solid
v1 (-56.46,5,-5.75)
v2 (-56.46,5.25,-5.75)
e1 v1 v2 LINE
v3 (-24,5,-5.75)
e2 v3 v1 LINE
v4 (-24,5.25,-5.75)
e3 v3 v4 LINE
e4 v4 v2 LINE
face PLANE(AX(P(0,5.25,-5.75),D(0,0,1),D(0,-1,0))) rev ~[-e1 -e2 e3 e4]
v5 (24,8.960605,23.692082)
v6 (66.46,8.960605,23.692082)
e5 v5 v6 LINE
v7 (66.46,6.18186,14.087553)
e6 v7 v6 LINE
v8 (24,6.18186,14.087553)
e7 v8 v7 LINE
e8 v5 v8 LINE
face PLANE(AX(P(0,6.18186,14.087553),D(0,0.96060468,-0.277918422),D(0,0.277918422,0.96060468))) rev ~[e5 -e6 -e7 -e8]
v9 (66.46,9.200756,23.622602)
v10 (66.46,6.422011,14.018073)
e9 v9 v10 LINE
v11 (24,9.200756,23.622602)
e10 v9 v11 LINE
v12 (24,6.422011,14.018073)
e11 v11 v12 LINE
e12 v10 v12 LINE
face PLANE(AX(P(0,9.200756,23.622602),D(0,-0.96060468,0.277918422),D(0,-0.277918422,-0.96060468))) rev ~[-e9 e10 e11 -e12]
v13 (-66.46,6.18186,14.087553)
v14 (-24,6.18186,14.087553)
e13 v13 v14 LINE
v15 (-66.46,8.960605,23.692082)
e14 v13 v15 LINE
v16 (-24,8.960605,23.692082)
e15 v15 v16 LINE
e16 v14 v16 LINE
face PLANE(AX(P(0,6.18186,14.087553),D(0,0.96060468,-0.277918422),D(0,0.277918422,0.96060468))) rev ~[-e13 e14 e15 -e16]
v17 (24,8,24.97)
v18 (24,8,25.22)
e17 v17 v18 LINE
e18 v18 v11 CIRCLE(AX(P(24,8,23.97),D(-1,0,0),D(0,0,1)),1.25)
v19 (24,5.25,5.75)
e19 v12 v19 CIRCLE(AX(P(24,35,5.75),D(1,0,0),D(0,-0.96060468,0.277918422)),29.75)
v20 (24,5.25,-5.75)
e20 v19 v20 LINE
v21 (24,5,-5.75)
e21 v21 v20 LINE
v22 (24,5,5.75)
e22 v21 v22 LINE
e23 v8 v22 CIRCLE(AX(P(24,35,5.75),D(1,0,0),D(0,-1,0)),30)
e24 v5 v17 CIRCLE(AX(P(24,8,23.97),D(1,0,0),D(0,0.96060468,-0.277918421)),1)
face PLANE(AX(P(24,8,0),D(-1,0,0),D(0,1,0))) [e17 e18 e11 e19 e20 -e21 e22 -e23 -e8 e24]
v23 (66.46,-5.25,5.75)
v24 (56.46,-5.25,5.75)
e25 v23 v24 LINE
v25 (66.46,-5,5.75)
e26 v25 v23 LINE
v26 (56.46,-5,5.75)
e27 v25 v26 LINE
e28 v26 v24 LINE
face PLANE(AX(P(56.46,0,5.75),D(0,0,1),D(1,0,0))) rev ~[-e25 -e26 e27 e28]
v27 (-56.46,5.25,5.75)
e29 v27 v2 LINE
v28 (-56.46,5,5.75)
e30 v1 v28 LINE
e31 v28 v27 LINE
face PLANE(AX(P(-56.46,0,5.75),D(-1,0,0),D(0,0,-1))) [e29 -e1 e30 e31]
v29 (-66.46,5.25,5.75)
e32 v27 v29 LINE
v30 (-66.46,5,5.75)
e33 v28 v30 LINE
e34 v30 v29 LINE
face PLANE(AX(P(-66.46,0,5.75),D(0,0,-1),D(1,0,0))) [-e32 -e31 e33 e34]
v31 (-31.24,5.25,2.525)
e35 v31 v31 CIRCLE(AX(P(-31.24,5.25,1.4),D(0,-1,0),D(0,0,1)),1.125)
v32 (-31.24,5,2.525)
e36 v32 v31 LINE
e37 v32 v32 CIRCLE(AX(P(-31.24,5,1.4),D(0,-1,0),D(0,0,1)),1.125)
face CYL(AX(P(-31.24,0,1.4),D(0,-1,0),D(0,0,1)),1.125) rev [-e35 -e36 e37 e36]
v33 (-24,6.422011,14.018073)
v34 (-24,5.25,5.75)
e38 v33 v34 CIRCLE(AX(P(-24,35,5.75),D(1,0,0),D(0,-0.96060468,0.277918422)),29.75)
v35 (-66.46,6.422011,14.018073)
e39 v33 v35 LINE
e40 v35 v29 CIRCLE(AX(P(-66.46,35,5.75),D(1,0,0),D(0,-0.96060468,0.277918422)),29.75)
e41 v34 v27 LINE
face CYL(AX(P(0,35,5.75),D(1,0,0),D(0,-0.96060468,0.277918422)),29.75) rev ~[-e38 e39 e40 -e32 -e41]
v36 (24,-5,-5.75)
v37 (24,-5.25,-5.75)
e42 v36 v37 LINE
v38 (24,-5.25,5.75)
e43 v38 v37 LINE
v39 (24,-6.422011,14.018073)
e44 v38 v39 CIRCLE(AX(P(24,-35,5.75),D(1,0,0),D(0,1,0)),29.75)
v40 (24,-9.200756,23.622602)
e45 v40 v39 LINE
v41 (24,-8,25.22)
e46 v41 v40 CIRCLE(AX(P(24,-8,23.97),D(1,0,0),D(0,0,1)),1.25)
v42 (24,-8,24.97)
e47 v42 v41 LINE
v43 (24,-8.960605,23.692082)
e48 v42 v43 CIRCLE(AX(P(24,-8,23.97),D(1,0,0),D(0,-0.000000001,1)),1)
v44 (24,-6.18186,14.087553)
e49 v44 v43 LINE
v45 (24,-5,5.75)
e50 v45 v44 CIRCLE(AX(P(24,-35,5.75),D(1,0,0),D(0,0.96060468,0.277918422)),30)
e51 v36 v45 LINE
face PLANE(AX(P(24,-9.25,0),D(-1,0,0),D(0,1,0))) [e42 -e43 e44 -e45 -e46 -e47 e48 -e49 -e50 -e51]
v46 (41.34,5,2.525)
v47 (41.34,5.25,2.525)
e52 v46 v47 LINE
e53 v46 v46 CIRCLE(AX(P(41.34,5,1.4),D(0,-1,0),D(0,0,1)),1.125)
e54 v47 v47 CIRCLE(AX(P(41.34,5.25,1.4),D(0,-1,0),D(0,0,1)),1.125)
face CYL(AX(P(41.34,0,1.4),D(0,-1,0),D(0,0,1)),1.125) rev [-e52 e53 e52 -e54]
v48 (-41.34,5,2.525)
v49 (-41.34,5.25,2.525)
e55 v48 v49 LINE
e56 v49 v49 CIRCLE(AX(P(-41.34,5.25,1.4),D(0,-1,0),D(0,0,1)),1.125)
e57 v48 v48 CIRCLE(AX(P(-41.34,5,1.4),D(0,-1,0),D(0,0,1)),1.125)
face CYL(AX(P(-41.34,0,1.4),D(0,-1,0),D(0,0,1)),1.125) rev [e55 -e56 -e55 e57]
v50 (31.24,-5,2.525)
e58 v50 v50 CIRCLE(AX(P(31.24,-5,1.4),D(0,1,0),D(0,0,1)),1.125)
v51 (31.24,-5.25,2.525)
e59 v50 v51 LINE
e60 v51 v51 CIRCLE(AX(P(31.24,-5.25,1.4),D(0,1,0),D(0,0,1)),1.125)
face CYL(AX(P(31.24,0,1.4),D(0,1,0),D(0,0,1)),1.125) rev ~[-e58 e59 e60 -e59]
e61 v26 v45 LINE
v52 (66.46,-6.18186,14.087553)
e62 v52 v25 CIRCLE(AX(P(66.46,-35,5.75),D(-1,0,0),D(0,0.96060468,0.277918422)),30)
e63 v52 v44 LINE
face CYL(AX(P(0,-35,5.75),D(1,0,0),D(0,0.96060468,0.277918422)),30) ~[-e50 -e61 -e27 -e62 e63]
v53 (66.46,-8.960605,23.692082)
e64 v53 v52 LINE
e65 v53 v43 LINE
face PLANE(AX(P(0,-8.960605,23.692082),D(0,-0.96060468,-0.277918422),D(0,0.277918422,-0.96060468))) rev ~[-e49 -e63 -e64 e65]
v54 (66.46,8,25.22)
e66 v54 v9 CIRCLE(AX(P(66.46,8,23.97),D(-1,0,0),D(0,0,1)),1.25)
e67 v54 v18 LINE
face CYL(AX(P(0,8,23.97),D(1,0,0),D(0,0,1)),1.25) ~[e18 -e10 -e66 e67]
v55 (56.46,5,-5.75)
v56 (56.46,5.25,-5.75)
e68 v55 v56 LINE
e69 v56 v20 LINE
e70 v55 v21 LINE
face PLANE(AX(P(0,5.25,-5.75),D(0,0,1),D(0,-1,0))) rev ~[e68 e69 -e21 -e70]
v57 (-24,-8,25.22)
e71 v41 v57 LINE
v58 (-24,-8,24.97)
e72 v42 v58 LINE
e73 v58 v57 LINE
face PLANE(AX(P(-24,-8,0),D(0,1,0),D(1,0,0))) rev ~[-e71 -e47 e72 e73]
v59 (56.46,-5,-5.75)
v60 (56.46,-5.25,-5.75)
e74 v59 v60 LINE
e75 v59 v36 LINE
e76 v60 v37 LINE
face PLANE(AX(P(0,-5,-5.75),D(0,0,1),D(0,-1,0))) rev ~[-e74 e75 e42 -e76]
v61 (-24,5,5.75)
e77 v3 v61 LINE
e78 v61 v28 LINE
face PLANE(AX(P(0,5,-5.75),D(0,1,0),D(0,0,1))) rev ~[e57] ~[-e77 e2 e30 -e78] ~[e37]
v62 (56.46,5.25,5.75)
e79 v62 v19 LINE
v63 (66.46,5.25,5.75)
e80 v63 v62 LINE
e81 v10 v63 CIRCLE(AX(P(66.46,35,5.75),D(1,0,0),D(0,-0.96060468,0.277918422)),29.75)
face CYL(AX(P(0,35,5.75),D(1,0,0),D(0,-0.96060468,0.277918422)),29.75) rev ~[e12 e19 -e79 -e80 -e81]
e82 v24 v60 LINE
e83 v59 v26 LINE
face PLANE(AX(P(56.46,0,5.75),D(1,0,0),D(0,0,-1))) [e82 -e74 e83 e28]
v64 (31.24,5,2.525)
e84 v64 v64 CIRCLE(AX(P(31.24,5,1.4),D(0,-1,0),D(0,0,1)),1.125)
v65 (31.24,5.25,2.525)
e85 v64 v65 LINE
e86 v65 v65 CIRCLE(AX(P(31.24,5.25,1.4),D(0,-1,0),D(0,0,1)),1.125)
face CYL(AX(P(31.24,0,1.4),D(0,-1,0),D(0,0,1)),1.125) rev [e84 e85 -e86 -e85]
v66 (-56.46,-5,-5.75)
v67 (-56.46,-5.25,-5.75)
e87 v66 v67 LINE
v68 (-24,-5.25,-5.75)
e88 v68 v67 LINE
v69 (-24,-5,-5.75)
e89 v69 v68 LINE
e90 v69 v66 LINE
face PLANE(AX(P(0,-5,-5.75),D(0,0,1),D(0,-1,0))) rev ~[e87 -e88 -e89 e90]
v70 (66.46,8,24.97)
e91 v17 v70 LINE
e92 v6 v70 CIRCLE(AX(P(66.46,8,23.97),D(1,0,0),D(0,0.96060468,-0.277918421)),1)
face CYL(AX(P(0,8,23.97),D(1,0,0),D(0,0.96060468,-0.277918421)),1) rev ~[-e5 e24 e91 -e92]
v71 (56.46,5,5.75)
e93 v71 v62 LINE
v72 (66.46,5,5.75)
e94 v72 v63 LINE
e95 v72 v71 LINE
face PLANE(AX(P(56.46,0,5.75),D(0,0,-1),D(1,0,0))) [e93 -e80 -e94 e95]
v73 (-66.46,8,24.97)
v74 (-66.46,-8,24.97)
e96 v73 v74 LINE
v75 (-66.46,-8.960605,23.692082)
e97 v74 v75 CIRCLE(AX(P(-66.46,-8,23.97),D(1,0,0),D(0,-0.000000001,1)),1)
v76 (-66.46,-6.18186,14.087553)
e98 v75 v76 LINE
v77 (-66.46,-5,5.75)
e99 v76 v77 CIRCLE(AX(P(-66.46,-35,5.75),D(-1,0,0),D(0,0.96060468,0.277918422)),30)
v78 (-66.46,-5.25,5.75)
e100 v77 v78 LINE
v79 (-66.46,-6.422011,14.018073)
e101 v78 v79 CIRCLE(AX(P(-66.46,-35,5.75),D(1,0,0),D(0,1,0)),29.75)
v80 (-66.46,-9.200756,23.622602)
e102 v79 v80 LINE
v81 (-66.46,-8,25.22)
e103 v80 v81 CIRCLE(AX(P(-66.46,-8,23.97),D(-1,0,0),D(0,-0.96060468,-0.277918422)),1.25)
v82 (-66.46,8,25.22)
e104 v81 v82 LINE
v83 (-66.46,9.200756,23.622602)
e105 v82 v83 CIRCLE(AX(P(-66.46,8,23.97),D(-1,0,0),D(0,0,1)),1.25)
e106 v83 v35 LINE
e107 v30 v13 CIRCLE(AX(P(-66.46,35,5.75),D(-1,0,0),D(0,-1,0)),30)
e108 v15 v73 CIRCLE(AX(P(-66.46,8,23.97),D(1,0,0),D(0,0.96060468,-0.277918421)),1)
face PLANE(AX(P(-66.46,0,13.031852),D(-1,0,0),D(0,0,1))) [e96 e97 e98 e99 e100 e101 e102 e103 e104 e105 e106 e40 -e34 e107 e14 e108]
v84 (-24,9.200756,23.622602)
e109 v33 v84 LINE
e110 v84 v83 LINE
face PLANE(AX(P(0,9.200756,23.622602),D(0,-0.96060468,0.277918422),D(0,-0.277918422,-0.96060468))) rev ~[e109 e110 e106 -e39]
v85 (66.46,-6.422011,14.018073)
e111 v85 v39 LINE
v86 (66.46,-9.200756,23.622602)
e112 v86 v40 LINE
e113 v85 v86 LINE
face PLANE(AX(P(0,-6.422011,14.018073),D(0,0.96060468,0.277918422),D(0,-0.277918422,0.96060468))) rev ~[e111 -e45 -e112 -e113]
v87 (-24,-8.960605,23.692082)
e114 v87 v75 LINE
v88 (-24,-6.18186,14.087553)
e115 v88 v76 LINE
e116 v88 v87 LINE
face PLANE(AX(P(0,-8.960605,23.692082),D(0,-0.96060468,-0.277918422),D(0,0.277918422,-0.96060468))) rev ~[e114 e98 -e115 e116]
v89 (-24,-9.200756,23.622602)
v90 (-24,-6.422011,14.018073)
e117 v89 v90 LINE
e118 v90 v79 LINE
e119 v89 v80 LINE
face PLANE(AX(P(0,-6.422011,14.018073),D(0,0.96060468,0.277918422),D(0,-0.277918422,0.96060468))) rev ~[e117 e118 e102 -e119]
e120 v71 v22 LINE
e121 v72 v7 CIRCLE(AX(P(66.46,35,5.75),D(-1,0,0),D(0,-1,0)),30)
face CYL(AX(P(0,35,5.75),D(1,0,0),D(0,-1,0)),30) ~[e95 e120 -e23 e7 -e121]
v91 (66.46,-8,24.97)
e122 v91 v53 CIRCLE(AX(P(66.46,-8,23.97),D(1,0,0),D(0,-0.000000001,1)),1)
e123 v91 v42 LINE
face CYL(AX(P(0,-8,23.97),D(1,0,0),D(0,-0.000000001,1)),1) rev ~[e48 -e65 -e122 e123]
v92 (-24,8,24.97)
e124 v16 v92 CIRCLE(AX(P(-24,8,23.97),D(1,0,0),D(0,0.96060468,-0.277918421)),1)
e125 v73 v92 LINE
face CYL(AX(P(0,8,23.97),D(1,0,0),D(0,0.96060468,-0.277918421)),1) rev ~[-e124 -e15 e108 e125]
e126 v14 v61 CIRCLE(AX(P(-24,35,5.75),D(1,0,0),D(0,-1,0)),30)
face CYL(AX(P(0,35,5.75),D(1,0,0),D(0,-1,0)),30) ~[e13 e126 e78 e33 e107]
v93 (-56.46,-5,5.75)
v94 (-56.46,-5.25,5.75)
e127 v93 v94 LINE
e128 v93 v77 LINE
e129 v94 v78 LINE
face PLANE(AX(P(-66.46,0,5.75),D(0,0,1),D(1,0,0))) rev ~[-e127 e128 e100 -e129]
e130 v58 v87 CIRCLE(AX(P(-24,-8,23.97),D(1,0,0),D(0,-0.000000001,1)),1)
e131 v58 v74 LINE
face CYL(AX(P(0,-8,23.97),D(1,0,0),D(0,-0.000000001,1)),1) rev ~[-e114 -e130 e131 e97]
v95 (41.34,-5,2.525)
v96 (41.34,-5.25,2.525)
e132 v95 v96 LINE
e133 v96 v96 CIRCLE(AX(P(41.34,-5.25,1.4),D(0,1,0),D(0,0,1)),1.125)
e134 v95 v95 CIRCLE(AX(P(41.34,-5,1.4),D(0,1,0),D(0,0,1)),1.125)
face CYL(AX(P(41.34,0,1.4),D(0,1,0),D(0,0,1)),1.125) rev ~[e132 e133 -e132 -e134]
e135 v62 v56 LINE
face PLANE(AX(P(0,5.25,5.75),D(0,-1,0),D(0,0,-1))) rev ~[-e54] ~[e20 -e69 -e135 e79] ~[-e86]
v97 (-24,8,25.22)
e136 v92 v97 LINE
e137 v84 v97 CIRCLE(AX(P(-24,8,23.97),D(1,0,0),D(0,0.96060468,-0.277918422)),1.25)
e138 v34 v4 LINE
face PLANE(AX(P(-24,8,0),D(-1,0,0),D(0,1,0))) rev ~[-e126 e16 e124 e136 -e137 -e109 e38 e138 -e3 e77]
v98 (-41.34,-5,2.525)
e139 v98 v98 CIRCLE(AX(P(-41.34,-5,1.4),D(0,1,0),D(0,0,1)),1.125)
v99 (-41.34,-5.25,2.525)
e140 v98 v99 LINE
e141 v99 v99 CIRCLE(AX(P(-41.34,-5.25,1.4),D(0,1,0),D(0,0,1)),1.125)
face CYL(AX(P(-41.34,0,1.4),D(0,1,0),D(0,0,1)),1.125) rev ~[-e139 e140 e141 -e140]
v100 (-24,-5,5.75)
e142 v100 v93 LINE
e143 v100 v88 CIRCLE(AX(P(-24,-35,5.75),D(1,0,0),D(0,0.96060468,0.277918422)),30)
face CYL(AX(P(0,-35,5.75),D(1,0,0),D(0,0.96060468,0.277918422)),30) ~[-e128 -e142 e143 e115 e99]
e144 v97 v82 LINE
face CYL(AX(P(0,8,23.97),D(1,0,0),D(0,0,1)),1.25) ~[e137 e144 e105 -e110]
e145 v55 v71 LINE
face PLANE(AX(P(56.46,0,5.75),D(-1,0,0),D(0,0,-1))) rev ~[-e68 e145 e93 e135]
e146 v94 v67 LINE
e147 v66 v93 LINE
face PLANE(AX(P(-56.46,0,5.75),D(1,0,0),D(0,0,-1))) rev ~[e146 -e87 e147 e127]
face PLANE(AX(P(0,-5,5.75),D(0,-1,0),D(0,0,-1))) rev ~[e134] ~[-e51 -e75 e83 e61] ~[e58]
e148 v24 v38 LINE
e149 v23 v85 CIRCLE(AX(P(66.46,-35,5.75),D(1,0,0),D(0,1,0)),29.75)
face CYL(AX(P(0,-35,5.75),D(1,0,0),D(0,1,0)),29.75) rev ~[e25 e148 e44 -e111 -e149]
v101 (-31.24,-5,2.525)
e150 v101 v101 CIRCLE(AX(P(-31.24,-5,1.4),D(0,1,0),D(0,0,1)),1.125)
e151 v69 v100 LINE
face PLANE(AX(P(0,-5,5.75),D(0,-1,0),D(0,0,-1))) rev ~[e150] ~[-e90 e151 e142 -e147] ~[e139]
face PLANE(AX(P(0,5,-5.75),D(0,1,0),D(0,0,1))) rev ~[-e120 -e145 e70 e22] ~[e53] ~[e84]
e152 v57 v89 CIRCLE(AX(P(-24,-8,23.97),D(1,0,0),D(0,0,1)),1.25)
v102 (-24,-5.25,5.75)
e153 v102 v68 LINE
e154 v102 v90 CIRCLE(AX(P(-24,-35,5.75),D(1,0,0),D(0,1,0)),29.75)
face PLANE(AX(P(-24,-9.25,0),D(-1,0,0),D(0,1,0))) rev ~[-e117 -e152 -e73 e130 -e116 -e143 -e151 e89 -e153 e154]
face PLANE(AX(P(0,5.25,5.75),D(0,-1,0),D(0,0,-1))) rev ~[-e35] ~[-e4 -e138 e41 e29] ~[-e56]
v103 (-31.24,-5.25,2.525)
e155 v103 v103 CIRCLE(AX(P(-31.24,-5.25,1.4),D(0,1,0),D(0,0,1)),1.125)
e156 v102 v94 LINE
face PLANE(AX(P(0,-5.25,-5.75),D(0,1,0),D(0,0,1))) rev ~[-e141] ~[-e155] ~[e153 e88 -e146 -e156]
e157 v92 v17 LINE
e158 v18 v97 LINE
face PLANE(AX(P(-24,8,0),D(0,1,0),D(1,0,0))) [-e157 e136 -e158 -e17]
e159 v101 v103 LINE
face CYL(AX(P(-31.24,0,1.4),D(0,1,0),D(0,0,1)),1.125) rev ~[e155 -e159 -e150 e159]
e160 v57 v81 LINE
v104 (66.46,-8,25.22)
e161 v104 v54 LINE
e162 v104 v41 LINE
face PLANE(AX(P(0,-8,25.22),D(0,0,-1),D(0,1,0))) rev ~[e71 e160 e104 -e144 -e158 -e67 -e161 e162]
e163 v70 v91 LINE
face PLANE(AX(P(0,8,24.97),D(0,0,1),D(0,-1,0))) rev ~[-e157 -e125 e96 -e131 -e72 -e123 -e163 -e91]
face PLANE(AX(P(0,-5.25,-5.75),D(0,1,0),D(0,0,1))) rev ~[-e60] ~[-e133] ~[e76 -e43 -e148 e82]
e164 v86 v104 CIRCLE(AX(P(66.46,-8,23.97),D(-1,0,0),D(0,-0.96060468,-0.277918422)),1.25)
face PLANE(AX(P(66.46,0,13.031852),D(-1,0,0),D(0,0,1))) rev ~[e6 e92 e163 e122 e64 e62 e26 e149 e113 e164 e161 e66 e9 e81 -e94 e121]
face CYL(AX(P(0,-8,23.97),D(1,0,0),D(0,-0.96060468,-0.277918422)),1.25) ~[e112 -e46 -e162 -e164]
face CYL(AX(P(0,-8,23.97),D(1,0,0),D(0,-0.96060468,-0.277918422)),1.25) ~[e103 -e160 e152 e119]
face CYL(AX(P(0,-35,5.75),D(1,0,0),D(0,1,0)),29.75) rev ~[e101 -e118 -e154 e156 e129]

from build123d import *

# Parameters (mm, degrees)
EXTRUDE1_DEPTH          = 66.46
SKETCH2_W               = 48
SKETCH2_H               = 1.25
CUT_EXTRUDE1_DEPTH      = 26.22
SKETCH3_W               = 48
SKETCH3_H               = 30.72
CUT_EXTRUDE2_DEPTH      = 10.25
CUT_EXTRUDE2_DEPTH_BACK = 10.25
SKETCH4_R               = 1.125
SKETCH4_W               = 10
SKETCH4_H               = 11.5
CUT_EXTRUDE3_DEPTH      = 10.25
CUT_EXTRUDE3_DEPTH_BACK = 10.25


with BuildPart() as part:
    # Sketch1 → Extrude1 (new body, symmetric)
    with BuildSketch(Plane(origin=(0, 0, 0), x_dir=(0, 0, -1), z_dir=(1, 0, 0))):
        with BuildLine():
            Line((-24.97, 8), (-24.97, -8))
            ThreePointArc((-24.97, -8), (-24.570866698, -8.799349242), (-23.692081578, -8.96060468))
            Line((-23.692081578, -8.96060468), (-14.087552656, -6.181859607))
            ThreePointArc((-14.087552656, -6.181859607), (-9.960450582, -5.296934402), (-5.75, -5))
            Line((-5.75, -5), (5.75, -5))
            Line((5.75, -5), (5.75, -5.25))
            Line((5.75, -5.25), (-5.75, -5.25))
            ThreePointArc((-5.75, -5.25), (-9.925363494, -5.544459949), (-14.01807305, -6.422010777))
            Line((-14.01807305, -6.422010777), (-23.622601973, -9.20075585))
            ThreePointArc((-23.622601973, -9.20075585), (-24.721083373, -8.999186553), (-25.22, -8))
            Line((-25.22, -8), (-25.22, 8))
            ThreePointArc((-25.22, 8), (-24.721083373, 8.999186553), (-23.622601973, 9.20075585))
            Line((-23.622601973, 9.20075585), (-14.01807305, 6.422010777))
            ThreePointArc((-14.01807305, 6.422010777), (-9.925363494, 5.544459949), (-5.75, 5.25))
            Line((-5.75, 5.25), (5.75, 5.25))
            Line((5.75, 5.25), (5.75, 5))
            Line((5.75, 5), (-5.75, 5))
            ThreePointArc((-5.75, 5), (-9.960450582, 5.296934402), (-14.087552656, 6.181859607))
            Line((-14.087552656, 6.181859607), (-23.692081578, 8.96060468))
            ThreePointArc((-23.692081578, 8.96060468), (-24.570866698, 8.799349242), (-24.97, 8))
        make_face()
    extrude(amount=EXTRUDE1_DEPTH, both=True)

    # Sketch2 → Cut-Extrude1 (cut, through all)
    with BuildSketch(Plane.XY):
        with Locations((0, 8.625)):
            Rectangle(SKETCH2_W, SKETCH2_H)
        with Locations((0, -8.625)):
            Rectangle(SKETCH2_W, SKETCH2_H)
    extrude(amount=CUT_EXTRUDE1_DEPTH, mode=Mode.SUBTRACT)

    # Sketch3 → Cut-Extrude2 (cut, two sides)
    with BuildSketch(Plane(origin=(0, 0, 0), x_dir=(1, 0, 0), z_dir=(0, 1, 0))) as cut_extrude2_sk:
        with Locations((0, -9.61)):
            Rectangle(SKETCH3_W, SKETCH3_H)
    extrude(amount=CUT_EXTRUDE2_DEPTH, mode=Mode.SUBTRACT)
    extrude(cut_extrude2_sk.sketch, amount=-CUT_EXTRUDE2_DEPTH_BACK, mode=Mode.SUBTRACT)

    # Sketch4 → Cut-Extrude3 (cut, two sides)
    with BuildSketch(Plane(origin=(0, 0, 0), x_dir=(1, 0, 0), z_dir=(0, 1, 0))) as cut_extrude3_sk:
        with Locations(Location((-41.34, -1.4, 0), (0, 0, 270))):  # turned: the seam where the file's is
            Circle(SKETCH4_R)
        with Locations(Location((-31.24, -1.4, 0), (0, 0, 270))):  # turned: the seam where the file's is
            Circle(SKETCH4_R)
        with Locations(Location((31.24, -1.4, 0), (0, 0, 270))):  # turned: the seam where the file's is
            Circle(SKETCH4_R)
        with Locations(Location((41.34, -1.4, 0), (0, 0, 270))):  # turned: the seam where the file's is
            Circle(SKETCH4_R)
        with Locations((-61.46, 0)):
            Rectangle(SKETCH4_W, SKETCH4_H)
        with Locations((61.46, 0)):
            Rectangle(SKETCH4_W, SKETCH4_H)
    extrude(amount=CUT_EXTRUDE3_DEPTH, mode=Mode.SUBTRACT)
    extrude(cut_extrude3_sk.sketch, amount=-CUT_EXTRUDE3_DEPTH_BACK, mode=Mode.SUBTRACT)


solid = part.part
